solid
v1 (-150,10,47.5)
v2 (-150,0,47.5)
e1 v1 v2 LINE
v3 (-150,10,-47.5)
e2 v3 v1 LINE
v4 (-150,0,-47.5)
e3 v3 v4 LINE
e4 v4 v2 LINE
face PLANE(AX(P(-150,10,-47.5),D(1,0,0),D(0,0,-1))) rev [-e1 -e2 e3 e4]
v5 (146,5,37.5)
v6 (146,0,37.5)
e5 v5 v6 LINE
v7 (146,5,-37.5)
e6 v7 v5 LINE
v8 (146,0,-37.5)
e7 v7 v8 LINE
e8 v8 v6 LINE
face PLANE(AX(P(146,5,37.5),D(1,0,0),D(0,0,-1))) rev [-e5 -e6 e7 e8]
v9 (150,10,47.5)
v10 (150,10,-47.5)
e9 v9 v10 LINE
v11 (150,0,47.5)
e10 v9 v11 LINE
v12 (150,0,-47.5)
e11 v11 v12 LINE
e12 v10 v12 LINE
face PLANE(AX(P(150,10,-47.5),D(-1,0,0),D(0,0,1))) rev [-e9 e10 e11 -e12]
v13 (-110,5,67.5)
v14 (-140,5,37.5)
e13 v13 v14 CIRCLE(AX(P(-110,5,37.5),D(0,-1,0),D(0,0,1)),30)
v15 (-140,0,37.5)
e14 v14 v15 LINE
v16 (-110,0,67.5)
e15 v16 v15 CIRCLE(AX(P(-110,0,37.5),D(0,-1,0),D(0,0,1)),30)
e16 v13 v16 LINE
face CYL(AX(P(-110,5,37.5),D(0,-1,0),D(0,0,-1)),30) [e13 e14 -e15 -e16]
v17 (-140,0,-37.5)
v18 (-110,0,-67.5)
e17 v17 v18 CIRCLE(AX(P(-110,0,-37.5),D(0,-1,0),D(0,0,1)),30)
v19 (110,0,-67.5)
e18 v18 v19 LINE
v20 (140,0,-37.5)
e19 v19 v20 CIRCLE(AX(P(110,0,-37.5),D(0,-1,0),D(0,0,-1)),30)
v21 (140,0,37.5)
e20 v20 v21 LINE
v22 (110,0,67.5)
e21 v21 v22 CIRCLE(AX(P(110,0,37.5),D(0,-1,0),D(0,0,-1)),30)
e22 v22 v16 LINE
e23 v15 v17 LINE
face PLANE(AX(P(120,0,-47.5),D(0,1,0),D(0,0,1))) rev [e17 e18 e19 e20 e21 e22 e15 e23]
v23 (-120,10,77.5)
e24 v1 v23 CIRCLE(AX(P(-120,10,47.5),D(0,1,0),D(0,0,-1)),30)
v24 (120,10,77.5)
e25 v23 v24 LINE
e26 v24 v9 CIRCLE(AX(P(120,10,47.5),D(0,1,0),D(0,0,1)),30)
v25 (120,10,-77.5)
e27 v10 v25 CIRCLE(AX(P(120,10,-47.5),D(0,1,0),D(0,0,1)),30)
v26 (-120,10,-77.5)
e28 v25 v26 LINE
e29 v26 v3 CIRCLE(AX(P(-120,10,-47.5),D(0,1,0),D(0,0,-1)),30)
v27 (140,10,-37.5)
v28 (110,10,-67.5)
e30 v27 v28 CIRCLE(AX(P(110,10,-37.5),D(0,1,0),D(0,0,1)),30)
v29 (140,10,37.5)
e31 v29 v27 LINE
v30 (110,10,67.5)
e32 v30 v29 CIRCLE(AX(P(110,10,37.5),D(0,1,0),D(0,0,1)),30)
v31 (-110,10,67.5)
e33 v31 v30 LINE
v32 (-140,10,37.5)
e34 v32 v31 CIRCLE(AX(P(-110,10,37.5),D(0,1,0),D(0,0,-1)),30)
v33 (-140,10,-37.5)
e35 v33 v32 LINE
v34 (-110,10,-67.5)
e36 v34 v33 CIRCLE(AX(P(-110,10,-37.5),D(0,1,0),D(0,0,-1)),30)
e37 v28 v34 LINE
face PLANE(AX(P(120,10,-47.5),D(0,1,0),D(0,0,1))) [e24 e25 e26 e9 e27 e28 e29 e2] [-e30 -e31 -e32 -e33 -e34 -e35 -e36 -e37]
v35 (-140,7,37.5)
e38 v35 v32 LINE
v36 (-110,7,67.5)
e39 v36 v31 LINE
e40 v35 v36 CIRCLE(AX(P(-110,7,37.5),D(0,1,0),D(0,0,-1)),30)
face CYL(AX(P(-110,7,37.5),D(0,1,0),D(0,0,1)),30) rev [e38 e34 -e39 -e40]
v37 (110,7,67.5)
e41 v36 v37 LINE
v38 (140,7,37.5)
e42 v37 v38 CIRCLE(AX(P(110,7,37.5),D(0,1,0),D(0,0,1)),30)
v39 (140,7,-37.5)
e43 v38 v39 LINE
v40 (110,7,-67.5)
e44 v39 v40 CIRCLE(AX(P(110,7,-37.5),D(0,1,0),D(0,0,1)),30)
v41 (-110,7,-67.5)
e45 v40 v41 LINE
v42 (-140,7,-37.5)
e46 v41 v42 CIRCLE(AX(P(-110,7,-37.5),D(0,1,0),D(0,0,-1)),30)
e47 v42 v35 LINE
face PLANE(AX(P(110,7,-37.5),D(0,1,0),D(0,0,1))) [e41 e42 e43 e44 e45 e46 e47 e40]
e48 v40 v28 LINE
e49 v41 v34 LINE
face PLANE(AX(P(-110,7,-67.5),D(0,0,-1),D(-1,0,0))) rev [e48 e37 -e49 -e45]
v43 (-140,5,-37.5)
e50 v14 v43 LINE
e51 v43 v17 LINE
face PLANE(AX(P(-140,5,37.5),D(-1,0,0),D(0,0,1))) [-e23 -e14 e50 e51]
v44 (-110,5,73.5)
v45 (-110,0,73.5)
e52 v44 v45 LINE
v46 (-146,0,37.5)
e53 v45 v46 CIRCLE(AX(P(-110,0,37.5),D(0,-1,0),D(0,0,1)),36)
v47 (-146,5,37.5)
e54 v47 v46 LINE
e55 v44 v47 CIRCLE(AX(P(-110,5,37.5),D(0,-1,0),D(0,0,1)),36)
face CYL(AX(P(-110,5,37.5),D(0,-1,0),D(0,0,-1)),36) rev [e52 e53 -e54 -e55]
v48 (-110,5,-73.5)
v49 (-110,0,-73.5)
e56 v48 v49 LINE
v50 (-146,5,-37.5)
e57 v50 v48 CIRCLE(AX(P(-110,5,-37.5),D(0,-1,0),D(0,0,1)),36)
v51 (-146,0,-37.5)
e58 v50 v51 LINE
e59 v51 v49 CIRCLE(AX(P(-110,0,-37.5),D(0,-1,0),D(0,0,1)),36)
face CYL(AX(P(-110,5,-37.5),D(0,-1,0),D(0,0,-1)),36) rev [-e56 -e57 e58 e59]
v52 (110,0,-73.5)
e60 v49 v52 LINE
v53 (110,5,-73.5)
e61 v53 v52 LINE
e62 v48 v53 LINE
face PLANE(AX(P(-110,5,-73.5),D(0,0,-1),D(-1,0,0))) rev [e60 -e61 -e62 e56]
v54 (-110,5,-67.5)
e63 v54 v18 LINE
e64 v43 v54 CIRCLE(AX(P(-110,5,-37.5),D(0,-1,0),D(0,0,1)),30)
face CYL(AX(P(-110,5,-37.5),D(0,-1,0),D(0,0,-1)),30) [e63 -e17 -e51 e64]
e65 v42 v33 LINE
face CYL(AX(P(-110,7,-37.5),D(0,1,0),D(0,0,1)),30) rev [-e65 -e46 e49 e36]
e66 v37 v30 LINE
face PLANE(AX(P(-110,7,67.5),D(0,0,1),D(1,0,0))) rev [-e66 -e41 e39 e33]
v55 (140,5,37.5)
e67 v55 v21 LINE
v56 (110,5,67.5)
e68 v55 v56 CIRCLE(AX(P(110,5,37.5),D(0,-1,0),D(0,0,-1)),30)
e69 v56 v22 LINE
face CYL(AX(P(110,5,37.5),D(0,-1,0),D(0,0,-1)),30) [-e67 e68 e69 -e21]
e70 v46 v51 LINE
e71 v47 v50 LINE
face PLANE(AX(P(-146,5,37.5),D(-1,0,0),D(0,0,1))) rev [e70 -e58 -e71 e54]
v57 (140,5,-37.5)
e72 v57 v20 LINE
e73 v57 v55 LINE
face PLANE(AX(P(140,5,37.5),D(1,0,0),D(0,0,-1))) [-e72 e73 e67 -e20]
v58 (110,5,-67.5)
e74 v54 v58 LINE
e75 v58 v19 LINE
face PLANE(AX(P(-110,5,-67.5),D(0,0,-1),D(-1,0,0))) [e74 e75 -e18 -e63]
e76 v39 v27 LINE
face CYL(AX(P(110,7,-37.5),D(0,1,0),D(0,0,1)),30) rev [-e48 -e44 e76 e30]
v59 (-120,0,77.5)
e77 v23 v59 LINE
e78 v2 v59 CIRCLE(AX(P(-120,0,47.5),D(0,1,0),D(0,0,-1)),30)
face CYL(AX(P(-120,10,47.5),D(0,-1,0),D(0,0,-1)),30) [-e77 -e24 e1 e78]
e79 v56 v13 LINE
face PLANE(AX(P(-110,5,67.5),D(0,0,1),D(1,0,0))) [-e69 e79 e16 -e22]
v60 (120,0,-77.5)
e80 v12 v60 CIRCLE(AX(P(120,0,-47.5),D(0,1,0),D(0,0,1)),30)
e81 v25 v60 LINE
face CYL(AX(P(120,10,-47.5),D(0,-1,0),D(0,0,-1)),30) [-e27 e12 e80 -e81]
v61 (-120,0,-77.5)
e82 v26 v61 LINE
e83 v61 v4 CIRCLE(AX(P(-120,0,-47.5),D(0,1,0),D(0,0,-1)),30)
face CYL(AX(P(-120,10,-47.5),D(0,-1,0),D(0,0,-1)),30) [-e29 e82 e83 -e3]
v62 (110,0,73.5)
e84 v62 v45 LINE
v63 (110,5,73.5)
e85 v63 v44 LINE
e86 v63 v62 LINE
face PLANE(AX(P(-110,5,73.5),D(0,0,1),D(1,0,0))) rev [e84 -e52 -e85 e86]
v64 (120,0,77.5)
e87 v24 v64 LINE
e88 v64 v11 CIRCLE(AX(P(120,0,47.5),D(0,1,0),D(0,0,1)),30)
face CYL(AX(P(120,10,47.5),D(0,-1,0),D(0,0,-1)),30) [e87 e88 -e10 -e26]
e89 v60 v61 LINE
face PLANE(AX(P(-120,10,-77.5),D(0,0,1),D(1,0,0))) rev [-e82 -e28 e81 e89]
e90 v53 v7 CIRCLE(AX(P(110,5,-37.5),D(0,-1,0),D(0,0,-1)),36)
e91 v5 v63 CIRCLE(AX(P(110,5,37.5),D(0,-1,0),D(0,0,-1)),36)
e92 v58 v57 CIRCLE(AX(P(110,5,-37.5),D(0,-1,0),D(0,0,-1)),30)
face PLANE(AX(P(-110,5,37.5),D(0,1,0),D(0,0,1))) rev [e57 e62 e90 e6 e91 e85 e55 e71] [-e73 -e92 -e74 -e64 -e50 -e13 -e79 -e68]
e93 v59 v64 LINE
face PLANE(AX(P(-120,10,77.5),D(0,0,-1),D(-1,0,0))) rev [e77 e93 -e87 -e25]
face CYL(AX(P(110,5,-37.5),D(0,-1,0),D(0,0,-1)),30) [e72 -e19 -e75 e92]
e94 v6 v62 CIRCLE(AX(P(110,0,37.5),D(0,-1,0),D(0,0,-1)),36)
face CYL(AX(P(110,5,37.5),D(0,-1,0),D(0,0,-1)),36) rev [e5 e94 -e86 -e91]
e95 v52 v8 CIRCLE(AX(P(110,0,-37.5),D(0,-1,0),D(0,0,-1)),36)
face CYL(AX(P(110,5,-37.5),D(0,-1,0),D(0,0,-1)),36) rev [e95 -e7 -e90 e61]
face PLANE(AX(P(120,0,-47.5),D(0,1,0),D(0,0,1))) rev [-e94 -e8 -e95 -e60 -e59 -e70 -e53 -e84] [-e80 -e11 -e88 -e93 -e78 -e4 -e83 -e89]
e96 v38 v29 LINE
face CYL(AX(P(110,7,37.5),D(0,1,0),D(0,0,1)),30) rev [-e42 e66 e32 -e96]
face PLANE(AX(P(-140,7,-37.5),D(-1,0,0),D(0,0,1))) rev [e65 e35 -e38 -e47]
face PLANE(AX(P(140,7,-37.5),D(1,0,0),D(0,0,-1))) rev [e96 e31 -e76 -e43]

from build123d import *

# Parameters (mm, degrees)
BOSS_EXTRUDE1_DEPTH = 10
CUT_EXTRUDE1_DEPTH  = 5
CUT_EXTRUDE2_DEPTH  = 3


with BuildPart() as part:
    # Sketch1 → Boss-Extrude1 (new body)
    with BuildSketch(Plane(origin=(0, 0, 0), x_dir=(1, 0, 0), z_dir=(0, 1, 0))):
        with BuildLine():
            Line((-120, 77.5), (120, 77.5))
            ThreePointArc((120, 77.5), (141.213203436, 68.713203436), (150, 47.5))
            Line((150, 47.5), (150, -47.5))
            ThreePointArc((150, -47.5), (141.213203436, -68.713203436), (120, -77.5))
            Line((120, -77.5), (-120, -77.5))
            ThreePointArc((-120, -77.5), (-141.213203436, -68.713203436), (-150, -47.5))
            Line((-150, -47.5), (-150, 47.5))
            ThreePointArc((-150, 47.5), (-141.213203436, 68.713203436), (-120, 77.5))
        make_face()
    extrude(amount=BOSS_EXTRUDE1_DEPTH)

    # Sketch2 → Cut-Extrude1 (cut)
    with BuildSketch(Plane.XZ):
        with BuildLine():
            Line((-110, 73.5), (110, 73.5))
            ThreePointArc((110, 73.5), (135.455844123, 62.955844123), (146, 37.5))
            Line((146, 37.5), (146, -37.5))
            ThreePointArc((146, -37.5), (135.455844123, -62.955844123), (110, -73.5))
            Line((110, -73.5), (-110, -73.5))
            ThreePointArc((-110, -73.5), (-135.455844123, -62.955844123), (-146, -37.5))
            Line((-146, -37.5), (-146, 37.5))
            ThreePointArc((-146, 37.5), (-135.455844123, 62.955844123), (-110, 73.5))
        make_face()
        with BuildLine():
            Line((-110, 67.5), (110, 67.5))
            ThreePointArc((110, 67.5), (131.213203436, 58.713203436), (140, 37.5))
            Line((140, 37.5), (140, -37.5))
            ThreePointArc((140, -37.5), (131.213203436, -58.713203436), (110, -67.5))
            Line((110, -67.5), (-110, -67.5))
            ThreePointArc((-110, -67.5), (-131.213203436, -58.713203436), (-140, -37.5))
            Line((-140, -37.5), (-140, 37.5))
            ThreePointArc((-140, 37.5), (-131.213203436, 58.713203436), (-110, 67.5))
        make_face(mode=Mode.SUBTRACT)
    extrude(amount=-CUT_EXTRUDE1_DEPTH, mode=Mode.SUBTRACT)

    # Sketch3 → Cut-Extrude2 (cut)
    with BuildSketch(Plane(origin=(0, 10, 0), x_dir=(1, 0, 0), z_dir=(0, 1, 0))):
        with BuildLine():
            Line((-110, 67.5), (110, 67.5))
            ThreePointArc((110, 67.5), (131.213203436, 58.713203436), (140, 37.5))
            Line((140, 37.5), (140, -37.5))
            ThreePointArc((140, -37.5), (131.213203436, -58.713203436), (110, -67.5))
            Line((110, -67.5), (-110, -67.5))
            ThreePointArc((-110, -67.5), (-131.213203436, -58.713203436), (-140, -37.5))
            Line((-140, -37.5), (-140, 37.5))
            ThreePointArc((-140, 37.5), (-131.213203436, 58.713203436), (-110, 67.5))
        make_face()
    extrude(amount=-CUT_EXTRUDE2_DEPTH, mode=Mode.SUBTRACT)


solid = part.part
